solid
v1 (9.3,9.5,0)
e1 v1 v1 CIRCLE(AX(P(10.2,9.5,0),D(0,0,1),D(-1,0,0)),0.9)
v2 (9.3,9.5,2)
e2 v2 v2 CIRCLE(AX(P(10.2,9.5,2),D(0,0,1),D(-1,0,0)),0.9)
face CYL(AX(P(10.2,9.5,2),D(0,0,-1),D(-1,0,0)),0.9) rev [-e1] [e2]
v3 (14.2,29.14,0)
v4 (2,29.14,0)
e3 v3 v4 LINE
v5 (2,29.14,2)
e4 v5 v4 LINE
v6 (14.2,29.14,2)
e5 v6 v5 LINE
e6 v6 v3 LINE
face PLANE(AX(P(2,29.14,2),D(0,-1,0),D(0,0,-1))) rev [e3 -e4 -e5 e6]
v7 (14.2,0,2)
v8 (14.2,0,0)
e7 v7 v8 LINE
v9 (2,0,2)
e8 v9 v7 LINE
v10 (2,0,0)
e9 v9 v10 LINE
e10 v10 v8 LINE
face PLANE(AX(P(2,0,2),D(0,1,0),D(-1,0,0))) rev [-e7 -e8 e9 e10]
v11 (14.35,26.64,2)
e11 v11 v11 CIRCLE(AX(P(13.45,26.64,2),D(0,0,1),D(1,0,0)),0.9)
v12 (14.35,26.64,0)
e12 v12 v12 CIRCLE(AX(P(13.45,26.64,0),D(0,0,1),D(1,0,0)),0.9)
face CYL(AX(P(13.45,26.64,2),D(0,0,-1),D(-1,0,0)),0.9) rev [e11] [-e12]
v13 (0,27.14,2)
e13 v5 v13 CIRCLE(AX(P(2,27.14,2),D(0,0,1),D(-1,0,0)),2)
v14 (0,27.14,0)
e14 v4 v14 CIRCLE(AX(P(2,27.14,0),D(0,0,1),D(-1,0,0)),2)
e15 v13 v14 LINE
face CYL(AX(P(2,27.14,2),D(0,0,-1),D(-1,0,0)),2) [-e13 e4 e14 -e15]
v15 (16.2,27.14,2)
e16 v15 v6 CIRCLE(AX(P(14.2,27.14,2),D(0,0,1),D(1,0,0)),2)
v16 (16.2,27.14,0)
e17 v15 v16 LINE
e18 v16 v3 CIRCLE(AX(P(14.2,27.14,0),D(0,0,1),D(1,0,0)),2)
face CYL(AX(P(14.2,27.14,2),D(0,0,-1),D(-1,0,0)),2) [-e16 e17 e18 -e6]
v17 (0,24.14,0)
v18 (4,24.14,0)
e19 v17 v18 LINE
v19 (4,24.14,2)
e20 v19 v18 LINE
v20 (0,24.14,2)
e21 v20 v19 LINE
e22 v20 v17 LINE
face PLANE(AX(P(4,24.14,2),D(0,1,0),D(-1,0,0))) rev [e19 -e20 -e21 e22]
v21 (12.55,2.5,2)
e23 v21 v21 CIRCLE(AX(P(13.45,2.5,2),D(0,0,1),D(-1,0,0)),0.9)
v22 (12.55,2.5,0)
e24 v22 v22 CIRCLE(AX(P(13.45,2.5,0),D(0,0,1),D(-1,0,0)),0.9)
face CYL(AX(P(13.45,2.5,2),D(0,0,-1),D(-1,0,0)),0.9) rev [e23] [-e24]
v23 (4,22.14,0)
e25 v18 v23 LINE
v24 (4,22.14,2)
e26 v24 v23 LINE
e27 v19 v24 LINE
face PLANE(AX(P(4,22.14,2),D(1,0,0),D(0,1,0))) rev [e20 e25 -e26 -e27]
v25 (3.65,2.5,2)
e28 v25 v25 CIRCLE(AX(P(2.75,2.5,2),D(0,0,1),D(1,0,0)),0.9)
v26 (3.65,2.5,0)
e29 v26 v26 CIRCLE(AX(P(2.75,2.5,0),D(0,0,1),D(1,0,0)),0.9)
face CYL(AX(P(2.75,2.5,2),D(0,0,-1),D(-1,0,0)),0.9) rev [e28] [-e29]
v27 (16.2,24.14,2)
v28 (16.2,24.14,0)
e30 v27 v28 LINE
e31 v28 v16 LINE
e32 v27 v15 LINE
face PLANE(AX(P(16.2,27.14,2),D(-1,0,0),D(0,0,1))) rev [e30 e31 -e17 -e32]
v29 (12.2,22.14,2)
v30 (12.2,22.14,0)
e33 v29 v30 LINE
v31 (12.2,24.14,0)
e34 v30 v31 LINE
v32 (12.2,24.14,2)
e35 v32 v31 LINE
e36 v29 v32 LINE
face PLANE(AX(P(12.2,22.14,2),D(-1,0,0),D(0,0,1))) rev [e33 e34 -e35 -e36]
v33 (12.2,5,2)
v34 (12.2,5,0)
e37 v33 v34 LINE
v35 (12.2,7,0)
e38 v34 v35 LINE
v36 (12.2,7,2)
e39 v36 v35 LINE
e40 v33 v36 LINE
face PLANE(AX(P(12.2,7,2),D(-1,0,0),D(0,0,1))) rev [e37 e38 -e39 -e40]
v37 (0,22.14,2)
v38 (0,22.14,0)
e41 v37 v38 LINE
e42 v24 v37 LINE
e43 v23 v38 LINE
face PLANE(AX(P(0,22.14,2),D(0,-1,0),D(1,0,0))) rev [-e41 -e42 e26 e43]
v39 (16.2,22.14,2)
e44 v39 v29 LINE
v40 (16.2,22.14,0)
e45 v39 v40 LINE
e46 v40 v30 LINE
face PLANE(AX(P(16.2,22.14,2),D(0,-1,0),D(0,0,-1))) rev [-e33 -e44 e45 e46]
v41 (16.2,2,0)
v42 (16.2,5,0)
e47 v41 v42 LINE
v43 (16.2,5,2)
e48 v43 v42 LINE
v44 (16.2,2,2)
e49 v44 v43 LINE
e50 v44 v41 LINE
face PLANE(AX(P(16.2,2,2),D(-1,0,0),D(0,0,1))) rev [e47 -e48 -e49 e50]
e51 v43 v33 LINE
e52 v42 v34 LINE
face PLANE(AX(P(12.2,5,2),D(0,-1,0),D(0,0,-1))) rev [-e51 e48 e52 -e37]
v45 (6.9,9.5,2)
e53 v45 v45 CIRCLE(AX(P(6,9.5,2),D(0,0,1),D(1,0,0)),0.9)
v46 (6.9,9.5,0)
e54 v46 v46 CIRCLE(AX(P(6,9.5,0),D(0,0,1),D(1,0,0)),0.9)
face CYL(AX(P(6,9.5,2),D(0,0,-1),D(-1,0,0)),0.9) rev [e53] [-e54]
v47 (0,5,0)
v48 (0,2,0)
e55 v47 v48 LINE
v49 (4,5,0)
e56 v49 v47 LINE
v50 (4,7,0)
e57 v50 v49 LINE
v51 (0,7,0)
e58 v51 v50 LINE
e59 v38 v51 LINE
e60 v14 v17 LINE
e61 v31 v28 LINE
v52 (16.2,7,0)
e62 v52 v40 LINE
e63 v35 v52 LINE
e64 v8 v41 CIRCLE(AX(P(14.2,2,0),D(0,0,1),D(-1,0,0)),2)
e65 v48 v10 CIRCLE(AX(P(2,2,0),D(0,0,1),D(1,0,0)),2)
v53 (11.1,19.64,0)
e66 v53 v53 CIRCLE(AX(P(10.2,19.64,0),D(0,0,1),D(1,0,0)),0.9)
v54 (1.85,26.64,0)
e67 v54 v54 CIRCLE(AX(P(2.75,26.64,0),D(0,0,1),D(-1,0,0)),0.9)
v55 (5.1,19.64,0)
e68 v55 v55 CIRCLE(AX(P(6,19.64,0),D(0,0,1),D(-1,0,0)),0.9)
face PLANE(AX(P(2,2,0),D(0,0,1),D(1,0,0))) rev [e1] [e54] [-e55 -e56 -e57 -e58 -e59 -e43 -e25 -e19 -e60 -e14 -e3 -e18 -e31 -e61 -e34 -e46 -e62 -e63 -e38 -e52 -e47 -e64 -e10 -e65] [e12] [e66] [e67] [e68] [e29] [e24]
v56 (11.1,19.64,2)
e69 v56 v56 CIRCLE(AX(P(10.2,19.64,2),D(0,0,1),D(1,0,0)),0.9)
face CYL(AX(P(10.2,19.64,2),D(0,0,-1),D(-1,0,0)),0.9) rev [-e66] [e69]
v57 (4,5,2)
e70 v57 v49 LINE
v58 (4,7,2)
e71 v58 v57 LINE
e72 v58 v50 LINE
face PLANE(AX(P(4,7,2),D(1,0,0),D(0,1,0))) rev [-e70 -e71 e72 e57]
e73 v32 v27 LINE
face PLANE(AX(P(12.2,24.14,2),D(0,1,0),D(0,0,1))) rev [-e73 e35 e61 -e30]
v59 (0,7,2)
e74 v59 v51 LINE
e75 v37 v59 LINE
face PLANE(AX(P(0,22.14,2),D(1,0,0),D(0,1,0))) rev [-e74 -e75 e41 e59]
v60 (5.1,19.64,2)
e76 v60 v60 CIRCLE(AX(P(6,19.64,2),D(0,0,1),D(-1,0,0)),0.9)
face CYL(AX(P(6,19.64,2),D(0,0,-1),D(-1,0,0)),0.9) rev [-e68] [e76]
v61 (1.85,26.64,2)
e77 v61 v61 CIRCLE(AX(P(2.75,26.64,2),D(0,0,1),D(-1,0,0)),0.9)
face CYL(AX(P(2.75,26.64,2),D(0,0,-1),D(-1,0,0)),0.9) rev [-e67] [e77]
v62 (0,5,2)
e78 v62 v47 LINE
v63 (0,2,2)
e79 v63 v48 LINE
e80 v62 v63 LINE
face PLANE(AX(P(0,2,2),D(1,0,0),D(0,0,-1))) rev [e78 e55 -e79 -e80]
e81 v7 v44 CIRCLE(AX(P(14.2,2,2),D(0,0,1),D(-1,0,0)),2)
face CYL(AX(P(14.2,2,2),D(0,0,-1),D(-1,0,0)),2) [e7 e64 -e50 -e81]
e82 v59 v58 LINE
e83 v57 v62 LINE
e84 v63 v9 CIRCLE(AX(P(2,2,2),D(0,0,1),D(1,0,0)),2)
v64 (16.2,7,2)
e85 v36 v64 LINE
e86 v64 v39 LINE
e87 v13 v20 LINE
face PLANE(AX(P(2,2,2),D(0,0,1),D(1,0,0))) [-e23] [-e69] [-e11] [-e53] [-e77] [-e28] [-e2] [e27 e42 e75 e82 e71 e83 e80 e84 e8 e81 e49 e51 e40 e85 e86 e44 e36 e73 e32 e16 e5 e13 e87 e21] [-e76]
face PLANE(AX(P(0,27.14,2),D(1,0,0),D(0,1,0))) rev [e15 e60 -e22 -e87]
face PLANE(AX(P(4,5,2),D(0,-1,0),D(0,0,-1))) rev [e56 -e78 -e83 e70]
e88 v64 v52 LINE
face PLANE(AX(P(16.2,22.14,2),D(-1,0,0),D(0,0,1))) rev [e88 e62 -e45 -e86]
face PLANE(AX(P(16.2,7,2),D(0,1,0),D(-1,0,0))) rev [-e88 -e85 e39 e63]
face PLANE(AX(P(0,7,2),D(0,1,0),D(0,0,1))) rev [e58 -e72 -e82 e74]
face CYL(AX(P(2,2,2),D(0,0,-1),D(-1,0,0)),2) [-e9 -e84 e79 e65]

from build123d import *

# Parameters (mm, degrees)
SKETCH1_R           = 0.9
BOSS_EXTRUDE1_DEPTH = 2


with BuildPart() as part:
    # Sketch1 → Boss-Extrude1 (new body)
    with BuildSketch(Plane.XY):
        with BuildLine():
            Line((0, 22.14), (0, 7))
            Line((0, 7), (4, 7))
            Line((4, 7), (4, 5))
            Line((4, 5), (0, 5))
            Line((0, 5), (0, 2))
            ThreePointArc((0, 2), (0.585786438, 0.585786438), (2, 0))
            Line((2, 0), (14.2, 0))
            ThreePointArc((14.2, 0), (15.614213562, 0.585786438), (16.2, 2))
            Line((16.2, 2), (16.2, 5))
            Line((16.2, 5), (12.2, 5))
            Line((12.2, 5), (12.2, 7))
            Line((12.2, 7), (16.2, 7))
            Line((16.2, 7), (16.2, 22.14))
            Line((16.2, 22.14), (12.2, 22.14))
            Line((12.2, 22.14), (12.2, 24.14))
            Line((12.2, 24.14), (16.2, 24.14))
            Line((16.2, 24.14), (16.2, 27.14))
            ThreePointArc((16.2, 27.14), (15.614213562, 28.554213562), (14.2, 29.14))
            Line((14.2, 29.14), (2, 29.14))
            ThreePointArc((2, 29.14), (0.585786438, 28.554213562), (0, 27.14))
            Line((0, 27.14), (0, 24.14))
            Line((0, 24.14), (4, 24.14))
            Line((4, 24.14), (4, 22.14))
            Line((4, 22.14), (0, 22.14))
        make_face()
        with Locations((13.45, 2.5)):
            Circle(SKETCH1_R, mode=Mode.SUBTRACT)
        with Locations((10.2, 9.5)):
            Circle(SKETCH1_R, mode=Mode.SUBTRACT)
        with Locations((2.75, 26.64)):
            Circle(SKETCH1_R, mode=Mode.SUBTRACT)
        with Locations((6, 19.64)):
            Circle(SKETCH1_R, mode=Mode.SUBTRACT)
        with Locations((6, 9.5)):
            Circle(SKETCH1_R, mode=Mode.SUBTRACT)
        with Locations((2.75, 2.5)):
            Circle(SKETCH1_R, mode=Mode.SUBTRACT)
        with Locations((10.2, 19.64)):
            Circle(SKETCH1_R, mode=Mode.SUBTRACT)
        with Locations((13.45, 26.64)):
            Circle(SKETCH1_R, mode=Mode.SUBTRACT)
    extrude(amount=BOSS_EXTRUDE1_DEPTH)


solid = part.part
